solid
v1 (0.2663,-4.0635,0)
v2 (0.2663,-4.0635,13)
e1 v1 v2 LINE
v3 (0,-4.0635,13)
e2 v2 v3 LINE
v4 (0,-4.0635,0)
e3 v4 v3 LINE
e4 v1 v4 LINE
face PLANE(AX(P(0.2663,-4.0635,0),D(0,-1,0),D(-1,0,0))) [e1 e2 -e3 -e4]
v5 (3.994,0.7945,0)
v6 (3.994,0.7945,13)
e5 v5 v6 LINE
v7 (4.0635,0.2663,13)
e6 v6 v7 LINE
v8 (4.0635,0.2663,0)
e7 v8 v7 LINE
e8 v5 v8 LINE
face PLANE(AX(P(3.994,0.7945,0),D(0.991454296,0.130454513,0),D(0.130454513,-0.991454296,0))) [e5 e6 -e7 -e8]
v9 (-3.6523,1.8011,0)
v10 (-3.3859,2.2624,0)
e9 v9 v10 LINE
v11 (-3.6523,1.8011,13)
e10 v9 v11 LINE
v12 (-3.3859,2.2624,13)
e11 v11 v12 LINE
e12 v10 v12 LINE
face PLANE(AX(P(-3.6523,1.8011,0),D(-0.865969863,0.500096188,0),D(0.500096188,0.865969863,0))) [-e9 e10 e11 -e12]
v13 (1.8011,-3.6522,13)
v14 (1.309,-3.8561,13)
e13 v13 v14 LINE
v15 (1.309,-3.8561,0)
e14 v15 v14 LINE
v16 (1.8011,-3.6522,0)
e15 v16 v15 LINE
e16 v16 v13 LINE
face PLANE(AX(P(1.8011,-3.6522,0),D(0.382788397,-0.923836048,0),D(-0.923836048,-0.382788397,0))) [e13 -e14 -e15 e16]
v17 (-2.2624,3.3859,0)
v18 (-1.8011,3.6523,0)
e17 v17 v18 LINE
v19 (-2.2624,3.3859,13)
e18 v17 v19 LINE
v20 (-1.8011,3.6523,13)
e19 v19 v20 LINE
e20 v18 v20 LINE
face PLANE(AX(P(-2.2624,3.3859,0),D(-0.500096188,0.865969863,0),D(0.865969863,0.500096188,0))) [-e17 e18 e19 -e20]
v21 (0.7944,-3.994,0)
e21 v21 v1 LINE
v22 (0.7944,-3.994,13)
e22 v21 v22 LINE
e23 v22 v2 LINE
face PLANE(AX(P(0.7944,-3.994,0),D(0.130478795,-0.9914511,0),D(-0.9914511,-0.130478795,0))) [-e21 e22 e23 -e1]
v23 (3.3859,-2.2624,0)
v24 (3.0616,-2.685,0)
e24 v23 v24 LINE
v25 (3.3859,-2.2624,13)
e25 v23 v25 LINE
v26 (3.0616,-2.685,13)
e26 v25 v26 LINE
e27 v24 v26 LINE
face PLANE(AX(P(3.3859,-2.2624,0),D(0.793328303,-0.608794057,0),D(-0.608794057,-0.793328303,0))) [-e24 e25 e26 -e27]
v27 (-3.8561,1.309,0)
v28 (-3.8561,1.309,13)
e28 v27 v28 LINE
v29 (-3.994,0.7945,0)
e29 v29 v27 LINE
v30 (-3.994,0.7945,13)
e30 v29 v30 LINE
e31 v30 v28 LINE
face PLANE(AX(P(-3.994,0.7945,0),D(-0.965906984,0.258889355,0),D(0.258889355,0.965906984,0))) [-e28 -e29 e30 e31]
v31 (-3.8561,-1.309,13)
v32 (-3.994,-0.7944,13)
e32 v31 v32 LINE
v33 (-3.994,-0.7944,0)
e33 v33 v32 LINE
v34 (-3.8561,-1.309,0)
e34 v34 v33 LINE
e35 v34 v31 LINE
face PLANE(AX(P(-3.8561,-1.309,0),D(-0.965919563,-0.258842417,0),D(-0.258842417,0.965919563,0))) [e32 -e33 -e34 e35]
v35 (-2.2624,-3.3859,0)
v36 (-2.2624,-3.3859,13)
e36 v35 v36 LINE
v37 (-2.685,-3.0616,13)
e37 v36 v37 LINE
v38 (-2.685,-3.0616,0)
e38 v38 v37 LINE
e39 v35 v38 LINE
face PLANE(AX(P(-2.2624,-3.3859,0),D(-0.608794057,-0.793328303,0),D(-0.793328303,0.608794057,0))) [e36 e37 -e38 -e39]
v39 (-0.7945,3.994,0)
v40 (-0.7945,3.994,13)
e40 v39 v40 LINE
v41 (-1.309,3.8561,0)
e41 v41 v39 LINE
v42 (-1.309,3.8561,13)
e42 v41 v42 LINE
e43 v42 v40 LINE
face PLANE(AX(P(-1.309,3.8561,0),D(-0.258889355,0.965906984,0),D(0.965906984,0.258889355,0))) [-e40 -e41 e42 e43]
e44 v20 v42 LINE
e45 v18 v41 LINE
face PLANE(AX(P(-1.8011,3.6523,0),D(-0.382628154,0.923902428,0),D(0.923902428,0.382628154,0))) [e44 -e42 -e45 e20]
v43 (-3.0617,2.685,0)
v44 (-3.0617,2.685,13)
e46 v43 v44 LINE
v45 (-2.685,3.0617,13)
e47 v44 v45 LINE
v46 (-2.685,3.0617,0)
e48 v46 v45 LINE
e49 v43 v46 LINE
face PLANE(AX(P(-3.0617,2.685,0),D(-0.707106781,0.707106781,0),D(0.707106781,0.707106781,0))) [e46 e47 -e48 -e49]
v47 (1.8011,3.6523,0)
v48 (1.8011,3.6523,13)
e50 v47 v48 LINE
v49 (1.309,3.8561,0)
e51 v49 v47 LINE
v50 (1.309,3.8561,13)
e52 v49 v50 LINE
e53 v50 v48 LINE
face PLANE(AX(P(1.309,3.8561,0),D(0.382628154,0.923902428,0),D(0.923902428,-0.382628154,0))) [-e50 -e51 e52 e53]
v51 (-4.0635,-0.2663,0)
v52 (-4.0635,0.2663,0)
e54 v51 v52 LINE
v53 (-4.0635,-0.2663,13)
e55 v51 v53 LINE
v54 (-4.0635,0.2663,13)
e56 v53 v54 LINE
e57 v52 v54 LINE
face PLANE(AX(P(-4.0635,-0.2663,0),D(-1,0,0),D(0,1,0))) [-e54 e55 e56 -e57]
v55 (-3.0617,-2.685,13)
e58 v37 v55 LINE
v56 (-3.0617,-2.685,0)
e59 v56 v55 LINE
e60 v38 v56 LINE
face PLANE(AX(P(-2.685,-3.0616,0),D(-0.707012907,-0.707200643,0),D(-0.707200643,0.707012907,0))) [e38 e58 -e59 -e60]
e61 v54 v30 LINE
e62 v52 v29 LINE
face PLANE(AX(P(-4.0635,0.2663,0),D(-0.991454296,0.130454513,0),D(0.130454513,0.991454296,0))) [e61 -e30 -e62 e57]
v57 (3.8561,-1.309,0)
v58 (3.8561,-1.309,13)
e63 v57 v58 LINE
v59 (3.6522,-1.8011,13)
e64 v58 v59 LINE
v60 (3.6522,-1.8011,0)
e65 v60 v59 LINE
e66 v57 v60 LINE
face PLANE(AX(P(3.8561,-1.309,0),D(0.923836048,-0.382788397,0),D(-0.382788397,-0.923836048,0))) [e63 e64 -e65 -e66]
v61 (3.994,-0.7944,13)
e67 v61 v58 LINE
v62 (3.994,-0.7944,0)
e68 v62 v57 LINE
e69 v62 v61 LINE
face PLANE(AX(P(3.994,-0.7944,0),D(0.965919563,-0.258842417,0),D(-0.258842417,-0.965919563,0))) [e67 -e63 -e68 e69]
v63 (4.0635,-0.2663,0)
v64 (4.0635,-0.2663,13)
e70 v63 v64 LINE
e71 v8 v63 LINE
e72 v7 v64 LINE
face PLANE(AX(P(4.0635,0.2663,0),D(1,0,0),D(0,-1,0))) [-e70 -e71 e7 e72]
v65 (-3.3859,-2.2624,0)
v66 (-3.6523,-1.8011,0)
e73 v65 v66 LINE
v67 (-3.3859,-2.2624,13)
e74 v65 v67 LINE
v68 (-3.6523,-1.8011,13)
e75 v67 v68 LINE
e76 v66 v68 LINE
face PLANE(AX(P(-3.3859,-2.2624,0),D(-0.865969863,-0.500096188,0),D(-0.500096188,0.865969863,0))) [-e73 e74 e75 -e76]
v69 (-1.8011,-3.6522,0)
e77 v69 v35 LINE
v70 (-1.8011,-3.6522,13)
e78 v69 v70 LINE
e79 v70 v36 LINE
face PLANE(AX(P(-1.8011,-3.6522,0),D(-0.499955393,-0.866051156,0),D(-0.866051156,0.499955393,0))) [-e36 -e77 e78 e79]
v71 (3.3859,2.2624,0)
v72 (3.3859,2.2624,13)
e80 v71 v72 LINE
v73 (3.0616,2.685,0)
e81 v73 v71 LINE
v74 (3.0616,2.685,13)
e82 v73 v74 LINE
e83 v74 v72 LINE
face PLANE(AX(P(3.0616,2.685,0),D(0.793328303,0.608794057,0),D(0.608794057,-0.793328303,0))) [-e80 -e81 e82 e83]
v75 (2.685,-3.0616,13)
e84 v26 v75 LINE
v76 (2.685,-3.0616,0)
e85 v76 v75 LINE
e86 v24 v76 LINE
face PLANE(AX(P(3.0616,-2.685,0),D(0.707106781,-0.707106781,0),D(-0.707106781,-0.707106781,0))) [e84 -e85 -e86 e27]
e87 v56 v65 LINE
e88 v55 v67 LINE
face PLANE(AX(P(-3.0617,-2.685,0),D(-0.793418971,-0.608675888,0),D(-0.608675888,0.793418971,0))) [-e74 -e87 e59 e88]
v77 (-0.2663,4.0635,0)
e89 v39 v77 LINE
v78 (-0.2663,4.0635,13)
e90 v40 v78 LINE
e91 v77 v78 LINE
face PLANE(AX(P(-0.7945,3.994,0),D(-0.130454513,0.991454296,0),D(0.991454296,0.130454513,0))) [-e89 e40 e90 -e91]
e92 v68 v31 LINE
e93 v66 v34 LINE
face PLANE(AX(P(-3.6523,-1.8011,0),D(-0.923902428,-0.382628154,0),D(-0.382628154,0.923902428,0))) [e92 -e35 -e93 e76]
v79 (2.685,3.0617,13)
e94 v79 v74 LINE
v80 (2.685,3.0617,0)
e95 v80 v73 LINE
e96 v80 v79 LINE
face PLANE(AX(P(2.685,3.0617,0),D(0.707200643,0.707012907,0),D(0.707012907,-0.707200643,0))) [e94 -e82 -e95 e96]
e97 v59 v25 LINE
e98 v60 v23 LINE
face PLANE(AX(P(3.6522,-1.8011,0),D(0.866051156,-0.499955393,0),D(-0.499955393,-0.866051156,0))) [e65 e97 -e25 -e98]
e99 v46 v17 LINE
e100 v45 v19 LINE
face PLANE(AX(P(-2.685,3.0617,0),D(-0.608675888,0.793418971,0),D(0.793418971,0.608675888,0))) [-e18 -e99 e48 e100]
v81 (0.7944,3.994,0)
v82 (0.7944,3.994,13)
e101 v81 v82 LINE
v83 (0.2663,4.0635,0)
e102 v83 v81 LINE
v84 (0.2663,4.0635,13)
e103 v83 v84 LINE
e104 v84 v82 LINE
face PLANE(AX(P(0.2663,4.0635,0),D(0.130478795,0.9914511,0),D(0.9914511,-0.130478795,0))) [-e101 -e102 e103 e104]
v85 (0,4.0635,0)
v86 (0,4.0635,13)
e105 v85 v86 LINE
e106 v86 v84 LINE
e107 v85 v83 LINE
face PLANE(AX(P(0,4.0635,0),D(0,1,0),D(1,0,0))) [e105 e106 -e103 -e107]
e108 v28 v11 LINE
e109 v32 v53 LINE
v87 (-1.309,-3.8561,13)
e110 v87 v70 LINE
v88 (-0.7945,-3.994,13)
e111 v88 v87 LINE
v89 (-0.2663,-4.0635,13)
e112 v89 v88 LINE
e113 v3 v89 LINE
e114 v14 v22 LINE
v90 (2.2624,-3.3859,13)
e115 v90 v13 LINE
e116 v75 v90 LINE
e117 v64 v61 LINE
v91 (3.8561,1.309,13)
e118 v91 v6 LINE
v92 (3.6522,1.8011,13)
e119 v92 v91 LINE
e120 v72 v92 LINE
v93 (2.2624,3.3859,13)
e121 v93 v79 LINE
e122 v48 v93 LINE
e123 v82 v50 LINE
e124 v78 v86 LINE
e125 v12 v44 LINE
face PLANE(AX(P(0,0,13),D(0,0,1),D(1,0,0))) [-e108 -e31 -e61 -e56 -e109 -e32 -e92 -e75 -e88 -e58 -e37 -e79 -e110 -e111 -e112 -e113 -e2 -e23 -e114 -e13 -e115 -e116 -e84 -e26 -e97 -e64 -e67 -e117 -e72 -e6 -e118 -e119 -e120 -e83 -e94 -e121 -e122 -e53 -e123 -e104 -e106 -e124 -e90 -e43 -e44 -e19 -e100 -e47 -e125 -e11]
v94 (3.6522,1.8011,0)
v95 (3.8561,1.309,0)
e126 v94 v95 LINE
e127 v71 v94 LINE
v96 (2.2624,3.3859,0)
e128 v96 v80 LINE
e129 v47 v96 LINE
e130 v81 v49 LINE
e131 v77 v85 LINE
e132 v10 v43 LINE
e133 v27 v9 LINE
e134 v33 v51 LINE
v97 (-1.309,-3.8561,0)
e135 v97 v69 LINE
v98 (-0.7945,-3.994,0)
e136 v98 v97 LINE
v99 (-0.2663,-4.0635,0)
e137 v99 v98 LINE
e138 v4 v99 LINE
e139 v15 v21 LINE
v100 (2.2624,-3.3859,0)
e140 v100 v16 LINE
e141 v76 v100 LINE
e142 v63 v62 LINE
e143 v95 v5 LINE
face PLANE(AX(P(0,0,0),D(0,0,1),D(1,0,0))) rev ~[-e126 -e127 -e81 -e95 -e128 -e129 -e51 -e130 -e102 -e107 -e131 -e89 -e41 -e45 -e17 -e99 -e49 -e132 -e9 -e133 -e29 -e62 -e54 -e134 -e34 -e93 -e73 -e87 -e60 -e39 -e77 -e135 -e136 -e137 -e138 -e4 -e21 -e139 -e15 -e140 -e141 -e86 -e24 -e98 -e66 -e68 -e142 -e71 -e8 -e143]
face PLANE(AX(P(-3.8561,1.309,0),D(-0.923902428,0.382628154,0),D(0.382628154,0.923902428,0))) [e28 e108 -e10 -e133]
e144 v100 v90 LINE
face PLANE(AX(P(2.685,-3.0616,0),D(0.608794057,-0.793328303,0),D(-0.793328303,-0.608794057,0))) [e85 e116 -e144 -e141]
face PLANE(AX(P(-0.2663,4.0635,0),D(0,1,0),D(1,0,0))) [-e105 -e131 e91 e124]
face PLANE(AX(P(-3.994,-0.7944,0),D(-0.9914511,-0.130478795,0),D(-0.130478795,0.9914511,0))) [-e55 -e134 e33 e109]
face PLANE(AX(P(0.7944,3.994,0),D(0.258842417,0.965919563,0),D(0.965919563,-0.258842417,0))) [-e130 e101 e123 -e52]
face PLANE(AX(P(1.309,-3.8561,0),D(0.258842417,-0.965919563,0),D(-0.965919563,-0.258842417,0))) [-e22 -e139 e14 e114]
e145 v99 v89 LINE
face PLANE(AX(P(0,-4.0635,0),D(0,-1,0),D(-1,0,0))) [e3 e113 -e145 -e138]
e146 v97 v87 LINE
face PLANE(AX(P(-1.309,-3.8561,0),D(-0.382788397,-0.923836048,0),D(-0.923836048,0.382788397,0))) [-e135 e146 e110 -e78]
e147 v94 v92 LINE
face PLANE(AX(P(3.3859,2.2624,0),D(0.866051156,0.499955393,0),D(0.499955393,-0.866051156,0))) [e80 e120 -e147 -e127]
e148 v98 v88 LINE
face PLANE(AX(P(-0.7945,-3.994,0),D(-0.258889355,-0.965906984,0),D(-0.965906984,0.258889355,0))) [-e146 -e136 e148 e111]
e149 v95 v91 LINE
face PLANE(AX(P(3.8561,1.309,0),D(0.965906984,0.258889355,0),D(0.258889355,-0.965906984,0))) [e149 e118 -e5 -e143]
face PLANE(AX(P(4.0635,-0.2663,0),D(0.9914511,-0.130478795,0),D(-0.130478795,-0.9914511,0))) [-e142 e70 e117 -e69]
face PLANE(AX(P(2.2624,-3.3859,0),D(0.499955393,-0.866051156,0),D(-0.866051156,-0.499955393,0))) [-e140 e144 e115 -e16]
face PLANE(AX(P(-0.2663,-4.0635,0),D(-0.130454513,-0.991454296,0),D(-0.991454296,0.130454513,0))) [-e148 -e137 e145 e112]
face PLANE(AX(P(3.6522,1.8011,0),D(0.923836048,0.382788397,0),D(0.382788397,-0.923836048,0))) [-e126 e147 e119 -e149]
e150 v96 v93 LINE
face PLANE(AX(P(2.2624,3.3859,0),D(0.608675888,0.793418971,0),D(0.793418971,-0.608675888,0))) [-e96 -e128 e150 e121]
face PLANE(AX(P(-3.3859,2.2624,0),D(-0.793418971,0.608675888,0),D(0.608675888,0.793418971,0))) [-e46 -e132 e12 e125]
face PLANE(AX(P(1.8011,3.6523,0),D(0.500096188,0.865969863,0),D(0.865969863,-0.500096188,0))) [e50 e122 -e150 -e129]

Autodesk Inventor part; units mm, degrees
ref_plane "YZ Plane" through (0, 0, 0) normal (1, 0, 0) x (0, 1, 0)
ref_plane "XZ Plane" through (0, 0, 0) normal (0, 1, 0) x (-1, 0, 0)
ref_plane "XY Plane" through (0, 0, 0) normal (0, 0, 1) x (1, 0, 0)
sketch "C3,5-8, 100uF_213" plane through (0, 0, 0) normal (0, 0, 1) x (1, 0, 0)
  line L0 (-3.994, 0.7945) -> (-3.8561, 1.309)
  line L1 (-3.8561, 1.309) -> (-3.6523, 1.8011)
  line L2 (-3.6523, 1.8011) -> (-3.3859, 2.2624)
  line L3 (-3.3859, 2.2624) -> (-3.0617, 2.685)
  line L4 (-3.0617, 2.685) -> (-2.685, 3.0617)
  line L5 (-2.685, 3.0617) -> (-2.2624, 3.3859)
  line L6 (-2.2624, 3.3859) -> (-1.8011, 3.6523)
  line L7 (-1.8011, 3.6523) -> (-1.309, 3.8561)
  line L8 (-1.309, 3.8561) -> (-0.7945, 3.994)
  line L9 (-0.7945, 3.994) -> (-0.2663, 4.0635)
  line L10 (-0.2663, 4.0635) -> (0, 4.0635)
  line L11 (0, 4.0635) -> (0.2663, 4.0635)
  line L12 (0.2663, 4.0635) -> (0.7944, 3.994)
  line L13 (0.7944, 3.994) -> (1.309, 3.8561)
  line L14 (1.309, 3.8561) -> (1.8011, 3.6523)
  line L15 (1.8011, 3.6523) -> (2.2624, 3.3859)
  line L16 (2.2624, 3.3859) -> (2.685, 3.0617)
  line L17 (2.685, 3.0617) -> (3.0616, 2.685)
  line L18 (3.0616, 2.685) -> (3.3859, 2.2624)
  line L19 (3.3859, 2.2624) -> (3.6522, 1.8011)
  line L20 (3.6522, 1.8011) -> (3.8561, 1.309)
  line L21 (3.8561, 1.309) -> (3.994, 0.7945)
  line L22 (3.994, 0.7945) -> (4.0635, 0.2663)
  line L23 (4.0635, 0.2663) -> (4.0635, -0.2663)
  line L24 (4.0635, -0.2663) -> (3.994, -0.7944)
  line L25 (3.994, -0.7944) -> (3.8561, -1.309)
  line L26 (3.8561, -1.309) -> (3.6522, -1.8011)
  line L27 (3.6522, -1.8011) -> (3.3859, -2.2624)
  line L28 (3.3859, -2.2624) -> (3.0616, -2.685)
  line L29 (3.0616, -2.685) -> (2.685, -3.0616)
  line L30 (2.685, -3.0616) -> (2.2624, -3.3859)
  line L31 (2.2624, -3.3859) -> (1.8011, -3.6522)
  line L32 (1.8011, -3.6522) -> (1.309, -3.8561)
  line L33 (1.309, -3.8561) -> (0.7944, -3.994)
  line L34 (0.7944, -3.994) -> (0.2663, -4.0635)
  line L35 (0.2663, -4.0635) -> (0, -4.0635)
  line L36 (0, -4.0635) -> (-0.2663, -4.0635)
  line L37 (-0.2663, -4.0635) -> (-0.7945, -3.994)
  line L38 (-0.7945, -3.994) -> (-1.309, -3.8561)
  line L39 (-1.309, -3.8561) -> (-1.8011, -3.6522)
  line L40 (-1.8011, -3.6522) -> (-2.2624, -3.3859)
  line L41 (-2.2624, -3.3859) -> (-2.685, -3.0616)
  line L42 (-2.685, -3.0616) -> (-3.0617, -2.685)
  line L43 (-3.0617, -2.685) -> (-3.3859, -2.2624)
  line L44 (-3.3859, -2.2624) -> (-3.6523, -1.8011)
  line L45 (-3.6523, -1.8011) -> (-3.8561, -1.309)
  line L46 (-3.8561, -1.309) -> (-3.994, -0.7944)
  line L47 (-3.994, -0.7944) -> (-4.0635, -0.2663)
  line L48 (-4.0635, -0.2663) -> (-4.0635, 0.2663)
  line L49 (-4.0635, 0.2663) -> (-3.994, 0.7945)
extrude "Extrusion1" add sketch "C3,5-8, 100uF_213" along normal blind 13
properties part number "100uF"
